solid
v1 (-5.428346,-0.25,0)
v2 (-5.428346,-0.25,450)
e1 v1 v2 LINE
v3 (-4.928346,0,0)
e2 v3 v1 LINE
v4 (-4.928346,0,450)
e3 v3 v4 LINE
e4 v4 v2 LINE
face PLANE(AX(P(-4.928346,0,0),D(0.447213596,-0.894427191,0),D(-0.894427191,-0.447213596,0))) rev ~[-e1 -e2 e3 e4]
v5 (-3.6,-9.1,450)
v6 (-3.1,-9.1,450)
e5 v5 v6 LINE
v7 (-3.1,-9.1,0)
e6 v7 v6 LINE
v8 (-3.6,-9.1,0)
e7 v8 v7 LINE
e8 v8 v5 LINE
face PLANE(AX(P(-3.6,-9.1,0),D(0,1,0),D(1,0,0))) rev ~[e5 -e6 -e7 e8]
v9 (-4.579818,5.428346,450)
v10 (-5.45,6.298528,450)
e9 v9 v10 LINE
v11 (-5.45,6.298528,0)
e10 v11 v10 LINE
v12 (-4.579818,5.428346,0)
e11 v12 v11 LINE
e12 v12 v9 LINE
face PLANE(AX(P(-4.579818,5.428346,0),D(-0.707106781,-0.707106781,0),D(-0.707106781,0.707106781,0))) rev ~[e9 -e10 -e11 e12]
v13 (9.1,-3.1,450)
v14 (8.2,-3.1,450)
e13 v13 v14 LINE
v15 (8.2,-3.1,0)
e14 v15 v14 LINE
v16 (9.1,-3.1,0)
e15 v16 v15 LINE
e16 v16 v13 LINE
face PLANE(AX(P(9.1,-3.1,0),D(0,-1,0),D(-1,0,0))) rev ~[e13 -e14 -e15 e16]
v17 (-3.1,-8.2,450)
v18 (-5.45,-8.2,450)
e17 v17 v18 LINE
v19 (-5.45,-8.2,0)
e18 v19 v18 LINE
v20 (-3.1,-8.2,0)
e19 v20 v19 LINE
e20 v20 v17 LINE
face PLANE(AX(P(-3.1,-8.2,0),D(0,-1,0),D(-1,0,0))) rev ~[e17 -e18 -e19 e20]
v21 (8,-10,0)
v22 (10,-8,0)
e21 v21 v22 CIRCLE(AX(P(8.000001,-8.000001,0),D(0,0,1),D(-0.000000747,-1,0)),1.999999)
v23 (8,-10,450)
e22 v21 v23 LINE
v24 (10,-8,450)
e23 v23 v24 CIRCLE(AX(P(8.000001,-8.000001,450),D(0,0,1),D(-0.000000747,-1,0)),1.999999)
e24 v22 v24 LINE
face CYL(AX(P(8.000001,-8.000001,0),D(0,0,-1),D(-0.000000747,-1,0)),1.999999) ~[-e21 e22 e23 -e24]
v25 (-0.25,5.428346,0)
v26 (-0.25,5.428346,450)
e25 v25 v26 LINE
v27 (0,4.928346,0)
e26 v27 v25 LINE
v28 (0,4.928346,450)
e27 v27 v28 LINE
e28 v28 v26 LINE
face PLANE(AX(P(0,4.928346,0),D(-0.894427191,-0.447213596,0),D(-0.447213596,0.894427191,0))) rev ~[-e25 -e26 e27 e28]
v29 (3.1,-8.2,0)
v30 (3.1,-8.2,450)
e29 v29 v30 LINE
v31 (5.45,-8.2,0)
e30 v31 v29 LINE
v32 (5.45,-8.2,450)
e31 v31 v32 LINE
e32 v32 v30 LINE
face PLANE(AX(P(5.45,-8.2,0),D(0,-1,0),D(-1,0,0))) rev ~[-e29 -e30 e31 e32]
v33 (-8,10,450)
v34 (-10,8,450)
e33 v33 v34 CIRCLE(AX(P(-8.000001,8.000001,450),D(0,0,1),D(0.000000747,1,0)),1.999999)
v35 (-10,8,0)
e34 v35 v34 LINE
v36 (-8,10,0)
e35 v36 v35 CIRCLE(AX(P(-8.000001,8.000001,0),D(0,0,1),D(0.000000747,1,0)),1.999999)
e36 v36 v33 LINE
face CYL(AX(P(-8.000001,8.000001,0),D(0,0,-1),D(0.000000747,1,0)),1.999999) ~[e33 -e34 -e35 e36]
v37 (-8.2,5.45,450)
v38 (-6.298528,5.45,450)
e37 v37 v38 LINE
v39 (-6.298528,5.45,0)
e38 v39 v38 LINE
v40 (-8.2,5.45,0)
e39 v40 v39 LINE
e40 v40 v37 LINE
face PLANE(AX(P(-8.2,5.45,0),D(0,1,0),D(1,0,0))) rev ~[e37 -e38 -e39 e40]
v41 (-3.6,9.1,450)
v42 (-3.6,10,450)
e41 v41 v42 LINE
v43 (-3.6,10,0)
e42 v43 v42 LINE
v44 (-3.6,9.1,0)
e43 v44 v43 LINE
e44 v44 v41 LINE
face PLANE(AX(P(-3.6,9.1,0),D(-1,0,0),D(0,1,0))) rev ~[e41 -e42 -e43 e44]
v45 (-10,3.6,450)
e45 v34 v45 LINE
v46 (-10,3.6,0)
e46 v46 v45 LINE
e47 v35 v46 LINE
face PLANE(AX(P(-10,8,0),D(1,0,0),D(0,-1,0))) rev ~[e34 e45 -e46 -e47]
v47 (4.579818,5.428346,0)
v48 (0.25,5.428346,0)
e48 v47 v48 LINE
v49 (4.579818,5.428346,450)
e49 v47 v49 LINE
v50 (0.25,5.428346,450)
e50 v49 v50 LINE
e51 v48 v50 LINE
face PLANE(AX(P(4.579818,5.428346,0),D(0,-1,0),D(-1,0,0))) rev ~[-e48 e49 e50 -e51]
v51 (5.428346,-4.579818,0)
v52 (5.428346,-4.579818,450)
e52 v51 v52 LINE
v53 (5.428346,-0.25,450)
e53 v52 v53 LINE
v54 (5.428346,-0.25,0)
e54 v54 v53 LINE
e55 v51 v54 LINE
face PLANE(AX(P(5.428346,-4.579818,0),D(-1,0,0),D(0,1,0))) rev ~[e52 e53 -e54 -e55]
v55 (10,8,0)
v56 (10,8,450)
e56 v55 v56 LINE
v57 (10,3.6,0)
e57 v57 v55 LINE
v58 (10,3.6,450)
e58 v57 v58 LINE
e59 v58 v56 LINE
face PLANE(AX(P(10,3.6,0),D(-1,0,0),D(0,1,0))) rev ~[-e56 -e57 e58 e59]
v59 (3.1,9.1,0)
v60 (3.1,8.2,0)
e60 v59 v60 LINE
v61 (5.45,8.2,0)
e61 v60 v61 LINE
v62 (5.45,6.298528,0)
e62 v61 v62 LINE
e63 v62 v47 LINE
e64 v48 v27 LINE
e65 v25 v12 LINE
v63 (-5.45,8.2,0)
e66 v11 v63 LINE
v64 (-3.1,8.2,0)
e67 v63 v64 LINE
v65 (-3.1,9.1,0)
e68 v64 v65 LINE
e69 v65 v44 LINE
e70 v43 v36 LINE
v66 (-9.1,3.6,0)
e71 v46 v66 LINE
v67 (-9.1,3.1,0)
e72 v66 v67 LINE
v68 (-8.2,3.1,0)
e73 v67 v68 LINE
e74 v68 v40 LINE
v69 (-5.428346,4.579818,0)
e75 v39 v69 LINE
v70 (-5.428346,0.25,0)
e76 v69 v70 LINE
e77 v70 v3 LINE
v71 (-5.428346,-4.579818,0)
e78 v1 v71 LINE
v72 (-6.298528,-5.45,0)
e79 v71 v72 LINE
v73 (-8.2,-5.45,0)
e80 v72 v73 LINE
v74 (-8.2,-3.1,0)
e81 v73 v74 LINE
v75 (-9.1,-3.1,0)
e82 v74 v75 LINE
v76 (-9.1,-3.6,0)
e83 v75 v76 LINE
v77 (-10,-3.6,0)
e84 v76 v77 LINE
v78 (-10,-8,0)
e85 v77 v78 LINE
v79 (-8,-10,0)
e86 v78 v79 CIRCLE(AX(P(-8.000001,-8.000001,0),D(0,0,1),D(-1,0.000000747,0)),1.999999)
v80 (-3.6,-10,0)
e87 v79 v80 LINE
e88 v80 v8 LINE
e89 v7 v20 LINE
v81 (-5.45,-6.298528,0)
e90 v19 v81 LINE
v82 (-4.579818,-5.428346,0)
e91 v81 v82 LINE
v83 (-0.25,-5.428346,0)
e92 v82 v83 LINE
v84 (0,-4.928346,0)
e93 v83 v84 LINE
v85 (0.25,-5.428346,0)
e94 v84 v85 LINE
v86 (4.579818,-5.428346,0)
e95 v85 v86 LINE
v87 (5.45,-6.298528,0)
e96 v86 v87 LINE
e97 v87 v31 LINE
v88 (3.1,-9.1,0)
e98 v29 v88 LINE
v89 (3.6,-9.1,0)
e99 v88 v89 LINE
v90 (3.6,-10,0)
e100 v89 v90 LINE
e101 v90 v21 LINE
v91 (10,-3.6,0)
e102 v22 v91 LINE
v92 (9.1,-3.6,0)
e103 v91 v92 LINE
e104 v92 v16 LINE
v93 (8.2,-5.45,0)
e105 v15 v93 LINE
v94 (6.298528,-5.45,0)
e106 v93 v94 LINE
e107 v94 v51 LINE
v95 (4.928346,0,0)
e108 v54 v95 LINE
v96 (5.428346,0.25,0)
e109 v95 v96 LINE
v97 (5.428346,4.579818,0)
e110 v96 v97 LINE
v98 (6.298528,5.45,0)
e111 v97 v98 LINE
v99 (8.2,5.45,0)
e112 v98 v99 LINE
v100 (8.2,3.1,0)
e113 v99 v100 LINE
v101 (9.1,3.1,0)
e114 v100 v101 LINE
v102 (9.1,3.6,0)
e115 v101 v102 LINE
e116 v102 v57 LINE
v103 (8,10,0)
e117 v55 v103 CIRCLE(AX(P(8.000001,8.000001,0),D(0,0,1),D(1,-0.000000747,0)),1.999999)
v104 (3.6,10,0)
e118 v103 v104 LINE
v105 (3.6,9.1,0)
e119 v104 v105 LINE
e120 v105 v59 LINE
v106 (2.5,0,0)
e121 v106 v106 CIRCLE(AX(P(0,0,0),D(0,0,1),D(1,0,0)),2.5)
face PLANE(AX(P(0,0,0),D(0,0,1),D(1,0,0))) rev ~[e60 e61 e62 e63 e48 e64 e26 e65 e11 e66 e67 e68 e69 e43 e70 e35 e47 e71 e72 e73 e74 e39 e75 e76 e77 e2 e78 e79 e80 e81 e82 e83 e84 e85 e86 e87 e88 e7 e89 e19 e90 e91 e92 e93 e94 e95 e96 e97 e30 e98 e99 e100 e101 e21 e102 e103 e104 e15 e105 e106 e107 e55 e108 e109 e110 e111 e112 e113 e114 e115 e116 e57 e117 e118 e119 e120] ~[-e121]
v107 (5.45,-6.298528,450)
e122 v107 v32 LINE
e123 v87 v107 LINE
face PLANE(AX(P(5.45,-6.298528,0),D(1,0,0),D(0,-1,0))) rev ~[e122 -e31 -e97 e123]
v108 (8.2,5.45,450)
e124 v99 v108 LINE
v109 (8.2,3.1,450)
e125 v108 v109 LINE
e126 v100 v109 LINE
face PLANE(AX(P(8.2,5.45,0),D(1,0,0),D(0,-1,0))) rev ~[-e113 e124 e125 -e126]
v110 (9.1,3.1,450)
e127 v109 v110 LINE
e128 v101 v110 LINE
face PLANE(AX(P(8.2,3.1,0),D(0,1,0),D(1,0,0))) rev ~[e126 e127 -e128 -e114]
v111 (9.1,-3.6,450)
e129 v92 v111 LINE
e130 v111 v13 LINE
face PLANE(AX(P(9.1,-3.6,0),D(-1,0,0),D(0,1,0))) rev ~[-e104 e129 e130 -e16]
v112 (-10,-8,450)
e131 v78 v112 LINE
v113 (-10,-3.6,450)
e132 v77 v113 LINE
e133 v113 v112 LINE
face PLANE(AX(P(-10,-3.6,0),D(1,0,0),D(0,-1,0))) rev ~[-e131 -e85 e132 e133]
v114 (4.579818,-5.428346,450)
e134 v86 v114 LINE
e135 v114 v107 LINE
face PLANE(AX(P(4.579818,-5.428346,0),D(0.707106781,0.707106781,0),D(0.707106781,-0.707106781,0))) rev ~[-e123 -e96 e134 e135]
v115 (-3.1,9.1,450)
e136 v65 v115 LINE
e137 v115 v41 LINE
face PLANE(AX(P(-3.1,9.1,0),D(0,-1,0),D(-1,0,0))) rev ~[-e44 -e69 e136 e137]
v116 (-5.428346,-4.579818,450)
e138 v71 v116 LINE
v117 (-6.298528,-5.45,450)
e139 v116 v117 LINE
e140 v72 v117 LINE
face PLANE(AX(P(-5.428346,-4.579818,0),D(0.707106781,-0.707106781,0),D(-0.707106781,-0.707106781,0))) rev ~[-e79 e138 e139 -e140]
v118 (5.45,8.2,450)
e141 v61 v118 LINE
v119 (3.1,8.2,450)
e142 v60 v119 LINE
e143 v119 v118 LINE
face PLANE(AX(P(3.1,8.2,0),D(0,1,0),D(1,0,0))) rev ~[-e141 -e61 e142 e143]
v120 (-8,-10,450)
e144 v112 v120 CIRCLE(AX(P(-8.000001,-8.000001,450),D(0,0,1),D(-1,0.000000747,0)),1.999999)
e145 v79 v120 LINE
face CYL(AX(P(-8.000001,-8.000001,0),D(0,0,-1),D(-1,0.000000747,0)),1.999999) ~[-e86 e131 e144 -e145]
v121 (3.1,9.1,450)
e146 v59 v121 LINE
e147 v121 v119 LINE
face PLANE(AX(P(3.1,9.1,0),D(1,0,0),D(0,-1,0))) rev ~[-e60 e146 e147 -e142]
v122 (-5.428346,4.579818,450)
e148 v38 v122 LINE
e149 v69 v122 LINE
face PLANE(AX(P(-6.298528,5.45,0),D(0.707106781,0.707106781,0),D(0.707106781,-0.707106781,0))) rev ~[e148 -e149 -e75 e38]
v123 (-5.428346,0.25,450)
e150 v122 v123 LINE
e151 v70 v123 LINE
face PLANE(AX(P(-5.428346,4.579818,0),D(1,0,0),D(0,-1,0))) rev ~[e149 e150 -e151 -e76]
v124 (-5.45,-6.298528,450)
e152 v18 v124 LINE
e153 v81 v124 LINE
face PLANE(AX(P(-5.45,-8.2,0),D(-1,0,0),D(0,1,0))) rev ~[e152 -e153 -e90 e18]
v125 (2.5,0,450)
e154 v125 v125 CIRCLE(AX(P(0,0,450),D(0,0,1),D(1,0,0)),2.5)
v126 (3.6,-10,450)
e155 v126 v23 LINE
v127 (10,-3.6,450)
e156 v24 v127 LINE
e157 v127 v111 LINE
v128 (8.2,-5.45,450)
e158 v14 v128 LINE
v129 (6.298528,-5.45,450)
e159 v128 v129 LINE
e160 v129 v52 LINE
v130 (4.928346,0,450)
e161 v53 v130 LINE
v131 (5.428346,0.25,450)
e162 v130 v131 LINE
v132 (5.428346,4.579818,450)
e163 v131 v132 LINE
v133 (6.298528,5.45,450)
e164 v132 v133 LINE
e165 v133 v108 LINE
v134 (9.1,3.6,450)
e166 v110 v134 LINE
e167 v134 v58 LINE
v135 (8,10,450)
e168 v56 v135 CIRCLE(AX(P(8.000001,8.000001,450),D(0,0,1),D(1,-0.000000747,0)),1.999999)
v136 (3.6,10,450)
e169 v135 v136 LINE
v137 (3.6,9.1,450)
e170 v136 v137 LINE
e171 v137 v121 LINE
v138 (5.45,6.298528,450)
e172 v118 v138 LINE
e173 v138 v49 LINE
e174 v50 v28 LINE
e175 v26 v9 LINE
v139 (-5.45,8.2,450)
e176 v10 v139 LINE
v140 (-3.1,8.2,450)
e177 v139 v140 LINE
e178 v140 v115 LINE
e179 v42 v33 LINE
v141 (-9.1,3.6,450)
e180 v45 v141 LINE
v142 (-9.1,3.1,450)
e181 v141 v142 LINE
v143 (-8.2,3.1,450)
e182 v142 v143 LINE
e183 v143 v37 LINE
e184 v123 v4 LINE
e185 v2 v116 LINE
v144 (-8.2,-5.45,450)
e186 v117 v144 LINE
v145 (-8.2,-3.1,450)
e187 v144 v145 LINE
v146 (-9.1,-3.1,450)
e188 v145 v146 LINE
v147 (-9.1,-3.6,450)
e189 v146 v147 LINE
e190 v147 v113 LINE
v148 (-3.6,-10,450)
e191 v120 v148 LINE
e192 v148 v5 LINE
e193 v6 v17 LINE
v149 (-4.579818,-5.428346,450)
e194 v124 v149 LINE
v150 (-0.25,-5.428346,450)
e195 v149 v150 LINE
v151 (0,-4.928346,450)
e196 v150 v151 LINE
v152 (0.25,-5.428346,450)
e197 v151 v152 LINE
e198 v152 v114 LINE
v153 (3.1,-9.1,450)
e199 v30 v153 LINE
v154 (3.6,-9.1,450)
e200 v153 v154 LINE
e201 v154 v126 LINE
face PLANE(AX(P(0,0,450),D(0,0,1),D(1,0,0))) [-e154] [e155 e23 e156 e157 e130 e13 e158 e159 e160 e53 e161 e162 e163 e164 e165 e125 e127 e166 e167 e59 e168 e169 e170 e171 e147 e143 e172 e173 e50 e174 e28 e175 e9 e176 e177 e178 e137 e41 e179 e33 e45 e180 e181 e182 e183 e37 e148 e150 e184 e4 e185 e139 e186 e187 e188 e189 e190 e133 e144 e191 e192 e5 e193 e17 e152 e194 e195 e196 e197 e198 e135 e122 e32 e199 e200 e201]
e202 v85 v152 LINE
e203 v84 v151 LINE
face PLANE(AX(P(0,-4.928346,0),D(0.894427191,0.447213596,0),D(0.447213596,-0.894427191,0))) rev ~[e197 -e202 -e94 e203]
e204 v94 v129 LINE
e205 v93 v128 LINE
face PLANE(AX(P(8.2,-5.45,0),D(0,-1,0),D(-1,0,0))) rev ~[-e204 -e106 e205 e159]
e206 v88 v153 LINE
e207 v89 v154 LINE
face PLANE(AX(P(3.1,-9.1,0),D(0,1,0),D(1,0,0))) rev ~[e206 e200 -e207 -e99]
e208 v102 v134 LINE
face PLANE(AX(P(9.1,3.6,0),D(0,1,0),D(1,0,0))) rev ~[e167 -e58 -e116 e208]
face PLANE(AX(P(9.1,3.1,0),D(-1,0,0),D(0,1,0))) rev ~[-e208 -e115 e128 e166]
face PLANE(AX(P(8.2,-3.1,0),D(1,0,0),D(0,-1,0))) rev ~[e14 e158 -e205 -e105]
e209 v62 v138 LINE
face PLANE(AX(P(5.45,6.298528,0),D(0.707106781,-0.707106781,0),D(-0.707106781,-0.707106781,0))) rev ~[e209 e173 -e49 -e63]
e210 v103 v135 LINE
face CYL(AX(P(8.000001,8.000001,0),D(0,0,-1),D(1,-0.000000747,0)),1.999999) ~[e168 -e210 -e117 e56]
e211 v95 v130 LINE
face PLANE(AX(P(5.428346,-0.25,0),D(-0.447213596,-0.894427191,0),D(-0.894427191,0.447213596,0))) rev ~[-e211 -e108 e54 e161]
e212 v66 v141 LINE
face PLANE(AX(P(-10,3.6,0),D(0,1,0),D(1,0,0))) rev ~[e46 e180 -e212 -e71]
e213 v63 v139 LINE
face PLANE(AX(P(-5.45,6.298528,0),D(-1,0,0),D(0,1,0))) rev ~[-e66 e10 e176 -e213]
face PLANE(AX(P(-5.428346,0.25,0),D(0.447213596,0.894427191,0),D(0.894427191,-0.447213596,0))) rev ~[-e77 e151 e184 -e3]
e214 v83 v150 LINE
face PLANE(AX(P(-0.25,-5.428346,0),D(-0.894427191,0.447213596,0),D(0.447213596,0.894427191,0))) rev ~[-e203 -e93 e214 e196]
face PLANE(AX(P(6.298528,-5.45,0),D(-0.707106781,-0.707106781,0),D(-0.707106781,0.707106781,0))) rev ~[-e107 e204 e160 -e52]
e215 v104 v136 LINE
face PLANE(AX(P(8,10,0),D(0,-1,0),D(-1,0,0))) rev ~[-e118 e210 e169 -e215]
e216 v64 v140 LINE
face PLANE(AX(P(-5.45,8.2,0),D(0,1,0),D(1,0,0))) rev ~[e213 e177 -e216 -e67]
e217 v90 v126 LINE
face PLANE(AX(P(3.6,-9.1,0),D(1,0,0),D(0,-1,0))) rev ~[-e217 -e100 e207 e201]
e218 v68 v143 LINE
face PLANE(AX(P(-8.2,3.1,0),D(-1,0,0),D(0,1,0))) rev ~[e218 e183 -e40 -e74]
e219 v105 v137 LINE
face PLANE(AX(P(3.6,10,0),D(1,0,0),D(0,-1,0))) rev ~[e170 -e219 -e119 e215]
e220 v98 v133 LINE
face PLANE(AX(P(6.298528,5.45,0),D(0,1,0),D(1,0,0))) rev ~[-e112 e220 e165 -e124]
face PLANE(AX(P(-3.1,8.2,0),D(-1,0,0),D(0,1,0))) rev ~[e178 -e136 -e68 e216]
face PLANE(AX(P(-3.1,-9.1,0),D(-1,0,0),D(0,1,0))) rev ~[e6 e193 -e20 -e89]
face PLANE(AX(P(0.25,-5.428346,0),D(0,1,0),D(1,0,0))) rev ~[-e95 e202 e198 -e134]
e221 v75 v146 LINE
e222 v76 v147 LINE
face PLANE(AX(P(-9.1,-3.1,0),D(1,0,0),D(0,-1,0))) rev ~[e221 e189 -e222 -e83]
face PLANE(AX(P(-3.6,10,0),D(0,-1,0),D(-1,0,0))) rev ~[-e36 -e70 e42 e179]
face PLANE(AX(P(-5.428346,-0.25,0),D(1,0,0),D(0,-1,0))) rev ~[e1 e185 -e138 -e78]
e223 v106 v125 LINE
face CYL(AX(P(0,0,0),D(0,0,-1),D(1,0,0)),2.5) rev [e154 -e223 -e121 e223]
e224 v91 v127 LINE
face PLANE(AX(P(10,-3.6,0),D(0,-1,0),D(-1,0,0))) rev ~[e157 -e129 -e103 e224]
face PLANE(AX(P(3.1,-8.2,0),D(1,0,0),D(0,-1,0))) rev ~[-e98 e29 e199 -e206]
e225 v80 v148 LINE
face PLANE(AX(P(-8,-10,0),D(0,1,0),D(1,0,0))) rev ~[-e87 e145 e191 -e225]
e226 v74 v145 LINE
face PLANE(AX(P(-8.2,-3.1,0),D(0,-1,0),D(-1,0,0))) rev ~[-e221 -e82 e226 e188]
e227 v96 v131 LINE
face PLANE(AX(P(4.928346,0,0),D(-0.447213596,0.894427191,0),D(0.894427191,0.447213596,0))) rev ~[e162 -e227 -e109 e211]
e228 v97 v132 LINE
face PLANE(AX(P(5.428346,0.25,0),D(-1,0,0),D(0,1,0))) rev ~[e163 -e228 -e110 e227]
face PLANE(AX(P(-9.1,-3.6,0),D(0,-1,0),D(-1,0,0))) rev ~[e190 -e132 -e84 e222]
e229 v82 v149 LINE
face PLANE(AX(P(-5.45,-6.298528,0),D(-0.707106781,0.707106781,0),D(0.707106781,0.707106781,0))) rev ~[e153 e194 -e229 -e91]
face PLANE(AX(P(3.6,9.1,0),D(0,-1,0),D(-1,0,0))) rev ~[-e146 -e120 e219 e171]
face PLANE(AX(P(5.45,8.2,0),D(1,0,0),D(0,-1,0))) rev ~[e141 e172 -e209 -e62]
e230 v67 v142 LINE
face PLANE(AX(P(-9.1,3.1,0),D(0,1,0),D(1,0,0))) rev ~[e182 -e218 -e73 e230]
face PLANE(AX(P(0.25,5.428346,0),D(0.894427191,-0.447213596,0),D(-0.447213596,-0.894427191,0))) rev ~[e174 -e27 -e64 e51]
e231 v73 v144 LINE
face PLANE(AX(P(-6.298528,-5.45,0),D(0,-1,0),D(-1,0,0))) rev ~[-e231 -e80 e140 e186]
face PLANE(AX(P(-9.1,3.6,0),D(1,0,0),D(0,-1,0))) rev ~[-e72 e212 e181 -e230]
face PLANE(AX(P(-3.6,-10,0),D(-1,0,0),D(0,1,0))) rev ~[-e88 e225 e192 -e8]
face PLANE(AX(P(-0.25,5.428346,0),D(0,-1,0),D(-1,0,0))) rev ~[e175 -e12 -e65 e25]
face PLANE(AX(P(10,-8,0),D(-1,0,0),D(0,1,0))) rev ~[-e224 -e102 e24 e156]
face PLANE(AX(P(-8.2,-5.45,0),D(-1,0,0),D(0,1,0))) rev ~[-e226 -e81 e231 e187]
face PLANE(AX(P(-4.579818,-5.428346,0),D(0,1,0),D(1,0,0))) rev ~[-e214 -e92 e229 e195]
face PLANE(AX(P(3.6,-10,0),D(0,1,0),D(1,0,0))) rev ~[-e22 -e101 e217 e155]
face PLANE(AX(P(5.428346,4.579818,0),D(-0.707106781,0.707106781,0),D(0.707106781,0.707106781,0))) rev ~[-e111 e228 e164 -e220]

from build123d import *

# Parameters (mm, degrees)
F0_R     = 2.5
F1_DEPTH = 450


with BuildPart() as f1:
    # F0 (on Top) → F1 (new body)
    with BuildSketch(Plane.XY):
        with BuildLine():
            ThreePointArc((10, 8), (9.414214, 9.414214), (8, 10))
            Line((8, 10), (3.6, 10))
            Line((3.6, 10), (3.6, 9.1))
            Line((3.6, 9.1), (3.1, 9.1))
            Line((3.1, 9.1), (3.1, 8.2))
            Line((3.1, 8.2), (5.45, 8.2))
            Line((5.45, 8.2), (5.45, 6.298528))
            Line((5.45, 6.298528), (4.579818, 5.428346))
            Line((4.579818, 5.428346), (0.25, 5.428346))
            Line((0.25, 5.428346), (0, 4.928346))
            Line((0, 4.928346), (-0.25, 5.428346))
            Line((-0.25, 5.428346), (-4.579818, 5.428346))
            Line((-4.579818, 5.428346), (-5.45, 6.298528))
            Line((-5.45, 6.298528), (-5.45, 8.2))
            Line((-5.45, 8.2), (-3.1, 8.2))
            Line((-3.1, 8.2), (-3.1, 9.1))
            Line((-3.1, 9.1), (-3.6, 9.1))
            Line((-3.6, 9.1), (-3.6, 10))
            Line((-3.6, 10), (-8, 10))
            ThreePointArc((-8, 10), (-9.414214, 9.414214), (-10, 8))
            Line((-10, 8), (-10, 3.6))
            Line((-10, 3.6), (-9.1, 3.6))
            Line((-9.1, 3.6), (-9.1, 3.1))
            Line((-9.1, 3.1), (-8.2, 3.1))
            Line((-8.2, 3.1), (-8.2, 5.45))
            Line((-8.2, 5.45), (-6.298528, 5.45))
            Line((-6.298528, 5.45), (-5.428346, 4.579818))
            Line((-5.428346, 4.579818), (-5.428346, 0.25))
            Line((-5.428346, 0.25), (-4.928346, 0))
            Line((-4.928346, 0), (-5.428346, -0.25))
            Line((-5.428346, -0.25), (-5.428346, -4.579818))
            Line((-5.428346, -4.579818), (-6.298528, -5.45))
            Line((-6.298528, -5.45), (-8.2, -5.45))
            Line((-8.2, -5.45), (-8.2, -3.1))
            Line((-8.2, -3.1), (-9.1, -3.1))
            Line((-9.1, -3.1), (-9.1, -3.6))
            Line((-9.1, -3.6), (-10, -3.6))
            Line((-10, -3.6), (-10, -8))
            ThreePointArc((-10, -8), (-9.414214, -9.414214), (-8, -10))
            Line((-8, -10), (-3.6, -10))
            Line((-3.6, -10), (-3.6, -9.1))
            Line((-3.6, -9.1), (-3.1, -9.1))
            Line((-3.1, -9.1), (-3.1, -8.2))
            Line((-3.1, -8.2), (-5.45, -8.2))
            Line((-5.45, -8.2), (-5.45, -6.298528))
            Line((-5.45, -6.298528), (-4.579818, -5.428346))
            Line((-4.579818, -5.428346), (-0.25, -5.428346))
            Line((-0.25, -5.428346), (0, -4.928346))
            Line((0, -4.928346), (0.25, -5.428346))
            Line((0.25, -5.428346), (4.579818, -5.428346))
            Line((4.579818, -5.428346), (5.45, -6.298528))
            Line((5.45, -6.298528), (5.45, -8.2))
            Line((5.45, -8.2), (3.1, -8.2))
            Line((3.1, -8.2), (3.1, -9.1))
            Line((3.1, -9.1), (3.6, -9.1))
            Line((3.6, -9.1), (3.6, -10))
            Line((3.6, -10), (8, -10))
            ThreePointArc((8, -10), (9.414214, -9.414214), (10, -8))
            Line((10, -8), (10, -3.6))
            Line((10, -3.6), (9.1, -3.6))
            Line((9.1, -3.6), (9.1, -3.1))
            Line((9.1, -3.1), (8.2, -3.1))
            Line((8.2, -3.1), (8.2, -5.45))
            Line((8.2, -5.45), (6.298528, -5.45))
            Line((6.298528, -5.45), (5.428346, -4.579818))
            Line((5.428346, -4.579818), (5.428346, -0.25))
            Line((5.428346, -0.25), (4.928346, 0))
            Line((4.928346, 0), (5.428346, 0.25))
            Line((5.428346, 0.25), (5.428346, 4.579818))
            Line((5.428346, 4.579818), (6.298528, 5.45))
            Line((6.298528, 5.45), (8.2, 5.45))
            Line((8.2, 5.45), (8.2, 3.1))
            Line((8.2, 3.1), (9.1, 3.1))
            Line((9.1, 3.1), (9.1, 3.6))
            Line((9.1, 3.6), (10, 3.6))
            Line((10, 3.6), (10, 8))
        make_face()
        Circle(F0_R, mode=Mode.SUBTRACT)
    extrude(amount=F1_DEPTH)


solid = f1.part
